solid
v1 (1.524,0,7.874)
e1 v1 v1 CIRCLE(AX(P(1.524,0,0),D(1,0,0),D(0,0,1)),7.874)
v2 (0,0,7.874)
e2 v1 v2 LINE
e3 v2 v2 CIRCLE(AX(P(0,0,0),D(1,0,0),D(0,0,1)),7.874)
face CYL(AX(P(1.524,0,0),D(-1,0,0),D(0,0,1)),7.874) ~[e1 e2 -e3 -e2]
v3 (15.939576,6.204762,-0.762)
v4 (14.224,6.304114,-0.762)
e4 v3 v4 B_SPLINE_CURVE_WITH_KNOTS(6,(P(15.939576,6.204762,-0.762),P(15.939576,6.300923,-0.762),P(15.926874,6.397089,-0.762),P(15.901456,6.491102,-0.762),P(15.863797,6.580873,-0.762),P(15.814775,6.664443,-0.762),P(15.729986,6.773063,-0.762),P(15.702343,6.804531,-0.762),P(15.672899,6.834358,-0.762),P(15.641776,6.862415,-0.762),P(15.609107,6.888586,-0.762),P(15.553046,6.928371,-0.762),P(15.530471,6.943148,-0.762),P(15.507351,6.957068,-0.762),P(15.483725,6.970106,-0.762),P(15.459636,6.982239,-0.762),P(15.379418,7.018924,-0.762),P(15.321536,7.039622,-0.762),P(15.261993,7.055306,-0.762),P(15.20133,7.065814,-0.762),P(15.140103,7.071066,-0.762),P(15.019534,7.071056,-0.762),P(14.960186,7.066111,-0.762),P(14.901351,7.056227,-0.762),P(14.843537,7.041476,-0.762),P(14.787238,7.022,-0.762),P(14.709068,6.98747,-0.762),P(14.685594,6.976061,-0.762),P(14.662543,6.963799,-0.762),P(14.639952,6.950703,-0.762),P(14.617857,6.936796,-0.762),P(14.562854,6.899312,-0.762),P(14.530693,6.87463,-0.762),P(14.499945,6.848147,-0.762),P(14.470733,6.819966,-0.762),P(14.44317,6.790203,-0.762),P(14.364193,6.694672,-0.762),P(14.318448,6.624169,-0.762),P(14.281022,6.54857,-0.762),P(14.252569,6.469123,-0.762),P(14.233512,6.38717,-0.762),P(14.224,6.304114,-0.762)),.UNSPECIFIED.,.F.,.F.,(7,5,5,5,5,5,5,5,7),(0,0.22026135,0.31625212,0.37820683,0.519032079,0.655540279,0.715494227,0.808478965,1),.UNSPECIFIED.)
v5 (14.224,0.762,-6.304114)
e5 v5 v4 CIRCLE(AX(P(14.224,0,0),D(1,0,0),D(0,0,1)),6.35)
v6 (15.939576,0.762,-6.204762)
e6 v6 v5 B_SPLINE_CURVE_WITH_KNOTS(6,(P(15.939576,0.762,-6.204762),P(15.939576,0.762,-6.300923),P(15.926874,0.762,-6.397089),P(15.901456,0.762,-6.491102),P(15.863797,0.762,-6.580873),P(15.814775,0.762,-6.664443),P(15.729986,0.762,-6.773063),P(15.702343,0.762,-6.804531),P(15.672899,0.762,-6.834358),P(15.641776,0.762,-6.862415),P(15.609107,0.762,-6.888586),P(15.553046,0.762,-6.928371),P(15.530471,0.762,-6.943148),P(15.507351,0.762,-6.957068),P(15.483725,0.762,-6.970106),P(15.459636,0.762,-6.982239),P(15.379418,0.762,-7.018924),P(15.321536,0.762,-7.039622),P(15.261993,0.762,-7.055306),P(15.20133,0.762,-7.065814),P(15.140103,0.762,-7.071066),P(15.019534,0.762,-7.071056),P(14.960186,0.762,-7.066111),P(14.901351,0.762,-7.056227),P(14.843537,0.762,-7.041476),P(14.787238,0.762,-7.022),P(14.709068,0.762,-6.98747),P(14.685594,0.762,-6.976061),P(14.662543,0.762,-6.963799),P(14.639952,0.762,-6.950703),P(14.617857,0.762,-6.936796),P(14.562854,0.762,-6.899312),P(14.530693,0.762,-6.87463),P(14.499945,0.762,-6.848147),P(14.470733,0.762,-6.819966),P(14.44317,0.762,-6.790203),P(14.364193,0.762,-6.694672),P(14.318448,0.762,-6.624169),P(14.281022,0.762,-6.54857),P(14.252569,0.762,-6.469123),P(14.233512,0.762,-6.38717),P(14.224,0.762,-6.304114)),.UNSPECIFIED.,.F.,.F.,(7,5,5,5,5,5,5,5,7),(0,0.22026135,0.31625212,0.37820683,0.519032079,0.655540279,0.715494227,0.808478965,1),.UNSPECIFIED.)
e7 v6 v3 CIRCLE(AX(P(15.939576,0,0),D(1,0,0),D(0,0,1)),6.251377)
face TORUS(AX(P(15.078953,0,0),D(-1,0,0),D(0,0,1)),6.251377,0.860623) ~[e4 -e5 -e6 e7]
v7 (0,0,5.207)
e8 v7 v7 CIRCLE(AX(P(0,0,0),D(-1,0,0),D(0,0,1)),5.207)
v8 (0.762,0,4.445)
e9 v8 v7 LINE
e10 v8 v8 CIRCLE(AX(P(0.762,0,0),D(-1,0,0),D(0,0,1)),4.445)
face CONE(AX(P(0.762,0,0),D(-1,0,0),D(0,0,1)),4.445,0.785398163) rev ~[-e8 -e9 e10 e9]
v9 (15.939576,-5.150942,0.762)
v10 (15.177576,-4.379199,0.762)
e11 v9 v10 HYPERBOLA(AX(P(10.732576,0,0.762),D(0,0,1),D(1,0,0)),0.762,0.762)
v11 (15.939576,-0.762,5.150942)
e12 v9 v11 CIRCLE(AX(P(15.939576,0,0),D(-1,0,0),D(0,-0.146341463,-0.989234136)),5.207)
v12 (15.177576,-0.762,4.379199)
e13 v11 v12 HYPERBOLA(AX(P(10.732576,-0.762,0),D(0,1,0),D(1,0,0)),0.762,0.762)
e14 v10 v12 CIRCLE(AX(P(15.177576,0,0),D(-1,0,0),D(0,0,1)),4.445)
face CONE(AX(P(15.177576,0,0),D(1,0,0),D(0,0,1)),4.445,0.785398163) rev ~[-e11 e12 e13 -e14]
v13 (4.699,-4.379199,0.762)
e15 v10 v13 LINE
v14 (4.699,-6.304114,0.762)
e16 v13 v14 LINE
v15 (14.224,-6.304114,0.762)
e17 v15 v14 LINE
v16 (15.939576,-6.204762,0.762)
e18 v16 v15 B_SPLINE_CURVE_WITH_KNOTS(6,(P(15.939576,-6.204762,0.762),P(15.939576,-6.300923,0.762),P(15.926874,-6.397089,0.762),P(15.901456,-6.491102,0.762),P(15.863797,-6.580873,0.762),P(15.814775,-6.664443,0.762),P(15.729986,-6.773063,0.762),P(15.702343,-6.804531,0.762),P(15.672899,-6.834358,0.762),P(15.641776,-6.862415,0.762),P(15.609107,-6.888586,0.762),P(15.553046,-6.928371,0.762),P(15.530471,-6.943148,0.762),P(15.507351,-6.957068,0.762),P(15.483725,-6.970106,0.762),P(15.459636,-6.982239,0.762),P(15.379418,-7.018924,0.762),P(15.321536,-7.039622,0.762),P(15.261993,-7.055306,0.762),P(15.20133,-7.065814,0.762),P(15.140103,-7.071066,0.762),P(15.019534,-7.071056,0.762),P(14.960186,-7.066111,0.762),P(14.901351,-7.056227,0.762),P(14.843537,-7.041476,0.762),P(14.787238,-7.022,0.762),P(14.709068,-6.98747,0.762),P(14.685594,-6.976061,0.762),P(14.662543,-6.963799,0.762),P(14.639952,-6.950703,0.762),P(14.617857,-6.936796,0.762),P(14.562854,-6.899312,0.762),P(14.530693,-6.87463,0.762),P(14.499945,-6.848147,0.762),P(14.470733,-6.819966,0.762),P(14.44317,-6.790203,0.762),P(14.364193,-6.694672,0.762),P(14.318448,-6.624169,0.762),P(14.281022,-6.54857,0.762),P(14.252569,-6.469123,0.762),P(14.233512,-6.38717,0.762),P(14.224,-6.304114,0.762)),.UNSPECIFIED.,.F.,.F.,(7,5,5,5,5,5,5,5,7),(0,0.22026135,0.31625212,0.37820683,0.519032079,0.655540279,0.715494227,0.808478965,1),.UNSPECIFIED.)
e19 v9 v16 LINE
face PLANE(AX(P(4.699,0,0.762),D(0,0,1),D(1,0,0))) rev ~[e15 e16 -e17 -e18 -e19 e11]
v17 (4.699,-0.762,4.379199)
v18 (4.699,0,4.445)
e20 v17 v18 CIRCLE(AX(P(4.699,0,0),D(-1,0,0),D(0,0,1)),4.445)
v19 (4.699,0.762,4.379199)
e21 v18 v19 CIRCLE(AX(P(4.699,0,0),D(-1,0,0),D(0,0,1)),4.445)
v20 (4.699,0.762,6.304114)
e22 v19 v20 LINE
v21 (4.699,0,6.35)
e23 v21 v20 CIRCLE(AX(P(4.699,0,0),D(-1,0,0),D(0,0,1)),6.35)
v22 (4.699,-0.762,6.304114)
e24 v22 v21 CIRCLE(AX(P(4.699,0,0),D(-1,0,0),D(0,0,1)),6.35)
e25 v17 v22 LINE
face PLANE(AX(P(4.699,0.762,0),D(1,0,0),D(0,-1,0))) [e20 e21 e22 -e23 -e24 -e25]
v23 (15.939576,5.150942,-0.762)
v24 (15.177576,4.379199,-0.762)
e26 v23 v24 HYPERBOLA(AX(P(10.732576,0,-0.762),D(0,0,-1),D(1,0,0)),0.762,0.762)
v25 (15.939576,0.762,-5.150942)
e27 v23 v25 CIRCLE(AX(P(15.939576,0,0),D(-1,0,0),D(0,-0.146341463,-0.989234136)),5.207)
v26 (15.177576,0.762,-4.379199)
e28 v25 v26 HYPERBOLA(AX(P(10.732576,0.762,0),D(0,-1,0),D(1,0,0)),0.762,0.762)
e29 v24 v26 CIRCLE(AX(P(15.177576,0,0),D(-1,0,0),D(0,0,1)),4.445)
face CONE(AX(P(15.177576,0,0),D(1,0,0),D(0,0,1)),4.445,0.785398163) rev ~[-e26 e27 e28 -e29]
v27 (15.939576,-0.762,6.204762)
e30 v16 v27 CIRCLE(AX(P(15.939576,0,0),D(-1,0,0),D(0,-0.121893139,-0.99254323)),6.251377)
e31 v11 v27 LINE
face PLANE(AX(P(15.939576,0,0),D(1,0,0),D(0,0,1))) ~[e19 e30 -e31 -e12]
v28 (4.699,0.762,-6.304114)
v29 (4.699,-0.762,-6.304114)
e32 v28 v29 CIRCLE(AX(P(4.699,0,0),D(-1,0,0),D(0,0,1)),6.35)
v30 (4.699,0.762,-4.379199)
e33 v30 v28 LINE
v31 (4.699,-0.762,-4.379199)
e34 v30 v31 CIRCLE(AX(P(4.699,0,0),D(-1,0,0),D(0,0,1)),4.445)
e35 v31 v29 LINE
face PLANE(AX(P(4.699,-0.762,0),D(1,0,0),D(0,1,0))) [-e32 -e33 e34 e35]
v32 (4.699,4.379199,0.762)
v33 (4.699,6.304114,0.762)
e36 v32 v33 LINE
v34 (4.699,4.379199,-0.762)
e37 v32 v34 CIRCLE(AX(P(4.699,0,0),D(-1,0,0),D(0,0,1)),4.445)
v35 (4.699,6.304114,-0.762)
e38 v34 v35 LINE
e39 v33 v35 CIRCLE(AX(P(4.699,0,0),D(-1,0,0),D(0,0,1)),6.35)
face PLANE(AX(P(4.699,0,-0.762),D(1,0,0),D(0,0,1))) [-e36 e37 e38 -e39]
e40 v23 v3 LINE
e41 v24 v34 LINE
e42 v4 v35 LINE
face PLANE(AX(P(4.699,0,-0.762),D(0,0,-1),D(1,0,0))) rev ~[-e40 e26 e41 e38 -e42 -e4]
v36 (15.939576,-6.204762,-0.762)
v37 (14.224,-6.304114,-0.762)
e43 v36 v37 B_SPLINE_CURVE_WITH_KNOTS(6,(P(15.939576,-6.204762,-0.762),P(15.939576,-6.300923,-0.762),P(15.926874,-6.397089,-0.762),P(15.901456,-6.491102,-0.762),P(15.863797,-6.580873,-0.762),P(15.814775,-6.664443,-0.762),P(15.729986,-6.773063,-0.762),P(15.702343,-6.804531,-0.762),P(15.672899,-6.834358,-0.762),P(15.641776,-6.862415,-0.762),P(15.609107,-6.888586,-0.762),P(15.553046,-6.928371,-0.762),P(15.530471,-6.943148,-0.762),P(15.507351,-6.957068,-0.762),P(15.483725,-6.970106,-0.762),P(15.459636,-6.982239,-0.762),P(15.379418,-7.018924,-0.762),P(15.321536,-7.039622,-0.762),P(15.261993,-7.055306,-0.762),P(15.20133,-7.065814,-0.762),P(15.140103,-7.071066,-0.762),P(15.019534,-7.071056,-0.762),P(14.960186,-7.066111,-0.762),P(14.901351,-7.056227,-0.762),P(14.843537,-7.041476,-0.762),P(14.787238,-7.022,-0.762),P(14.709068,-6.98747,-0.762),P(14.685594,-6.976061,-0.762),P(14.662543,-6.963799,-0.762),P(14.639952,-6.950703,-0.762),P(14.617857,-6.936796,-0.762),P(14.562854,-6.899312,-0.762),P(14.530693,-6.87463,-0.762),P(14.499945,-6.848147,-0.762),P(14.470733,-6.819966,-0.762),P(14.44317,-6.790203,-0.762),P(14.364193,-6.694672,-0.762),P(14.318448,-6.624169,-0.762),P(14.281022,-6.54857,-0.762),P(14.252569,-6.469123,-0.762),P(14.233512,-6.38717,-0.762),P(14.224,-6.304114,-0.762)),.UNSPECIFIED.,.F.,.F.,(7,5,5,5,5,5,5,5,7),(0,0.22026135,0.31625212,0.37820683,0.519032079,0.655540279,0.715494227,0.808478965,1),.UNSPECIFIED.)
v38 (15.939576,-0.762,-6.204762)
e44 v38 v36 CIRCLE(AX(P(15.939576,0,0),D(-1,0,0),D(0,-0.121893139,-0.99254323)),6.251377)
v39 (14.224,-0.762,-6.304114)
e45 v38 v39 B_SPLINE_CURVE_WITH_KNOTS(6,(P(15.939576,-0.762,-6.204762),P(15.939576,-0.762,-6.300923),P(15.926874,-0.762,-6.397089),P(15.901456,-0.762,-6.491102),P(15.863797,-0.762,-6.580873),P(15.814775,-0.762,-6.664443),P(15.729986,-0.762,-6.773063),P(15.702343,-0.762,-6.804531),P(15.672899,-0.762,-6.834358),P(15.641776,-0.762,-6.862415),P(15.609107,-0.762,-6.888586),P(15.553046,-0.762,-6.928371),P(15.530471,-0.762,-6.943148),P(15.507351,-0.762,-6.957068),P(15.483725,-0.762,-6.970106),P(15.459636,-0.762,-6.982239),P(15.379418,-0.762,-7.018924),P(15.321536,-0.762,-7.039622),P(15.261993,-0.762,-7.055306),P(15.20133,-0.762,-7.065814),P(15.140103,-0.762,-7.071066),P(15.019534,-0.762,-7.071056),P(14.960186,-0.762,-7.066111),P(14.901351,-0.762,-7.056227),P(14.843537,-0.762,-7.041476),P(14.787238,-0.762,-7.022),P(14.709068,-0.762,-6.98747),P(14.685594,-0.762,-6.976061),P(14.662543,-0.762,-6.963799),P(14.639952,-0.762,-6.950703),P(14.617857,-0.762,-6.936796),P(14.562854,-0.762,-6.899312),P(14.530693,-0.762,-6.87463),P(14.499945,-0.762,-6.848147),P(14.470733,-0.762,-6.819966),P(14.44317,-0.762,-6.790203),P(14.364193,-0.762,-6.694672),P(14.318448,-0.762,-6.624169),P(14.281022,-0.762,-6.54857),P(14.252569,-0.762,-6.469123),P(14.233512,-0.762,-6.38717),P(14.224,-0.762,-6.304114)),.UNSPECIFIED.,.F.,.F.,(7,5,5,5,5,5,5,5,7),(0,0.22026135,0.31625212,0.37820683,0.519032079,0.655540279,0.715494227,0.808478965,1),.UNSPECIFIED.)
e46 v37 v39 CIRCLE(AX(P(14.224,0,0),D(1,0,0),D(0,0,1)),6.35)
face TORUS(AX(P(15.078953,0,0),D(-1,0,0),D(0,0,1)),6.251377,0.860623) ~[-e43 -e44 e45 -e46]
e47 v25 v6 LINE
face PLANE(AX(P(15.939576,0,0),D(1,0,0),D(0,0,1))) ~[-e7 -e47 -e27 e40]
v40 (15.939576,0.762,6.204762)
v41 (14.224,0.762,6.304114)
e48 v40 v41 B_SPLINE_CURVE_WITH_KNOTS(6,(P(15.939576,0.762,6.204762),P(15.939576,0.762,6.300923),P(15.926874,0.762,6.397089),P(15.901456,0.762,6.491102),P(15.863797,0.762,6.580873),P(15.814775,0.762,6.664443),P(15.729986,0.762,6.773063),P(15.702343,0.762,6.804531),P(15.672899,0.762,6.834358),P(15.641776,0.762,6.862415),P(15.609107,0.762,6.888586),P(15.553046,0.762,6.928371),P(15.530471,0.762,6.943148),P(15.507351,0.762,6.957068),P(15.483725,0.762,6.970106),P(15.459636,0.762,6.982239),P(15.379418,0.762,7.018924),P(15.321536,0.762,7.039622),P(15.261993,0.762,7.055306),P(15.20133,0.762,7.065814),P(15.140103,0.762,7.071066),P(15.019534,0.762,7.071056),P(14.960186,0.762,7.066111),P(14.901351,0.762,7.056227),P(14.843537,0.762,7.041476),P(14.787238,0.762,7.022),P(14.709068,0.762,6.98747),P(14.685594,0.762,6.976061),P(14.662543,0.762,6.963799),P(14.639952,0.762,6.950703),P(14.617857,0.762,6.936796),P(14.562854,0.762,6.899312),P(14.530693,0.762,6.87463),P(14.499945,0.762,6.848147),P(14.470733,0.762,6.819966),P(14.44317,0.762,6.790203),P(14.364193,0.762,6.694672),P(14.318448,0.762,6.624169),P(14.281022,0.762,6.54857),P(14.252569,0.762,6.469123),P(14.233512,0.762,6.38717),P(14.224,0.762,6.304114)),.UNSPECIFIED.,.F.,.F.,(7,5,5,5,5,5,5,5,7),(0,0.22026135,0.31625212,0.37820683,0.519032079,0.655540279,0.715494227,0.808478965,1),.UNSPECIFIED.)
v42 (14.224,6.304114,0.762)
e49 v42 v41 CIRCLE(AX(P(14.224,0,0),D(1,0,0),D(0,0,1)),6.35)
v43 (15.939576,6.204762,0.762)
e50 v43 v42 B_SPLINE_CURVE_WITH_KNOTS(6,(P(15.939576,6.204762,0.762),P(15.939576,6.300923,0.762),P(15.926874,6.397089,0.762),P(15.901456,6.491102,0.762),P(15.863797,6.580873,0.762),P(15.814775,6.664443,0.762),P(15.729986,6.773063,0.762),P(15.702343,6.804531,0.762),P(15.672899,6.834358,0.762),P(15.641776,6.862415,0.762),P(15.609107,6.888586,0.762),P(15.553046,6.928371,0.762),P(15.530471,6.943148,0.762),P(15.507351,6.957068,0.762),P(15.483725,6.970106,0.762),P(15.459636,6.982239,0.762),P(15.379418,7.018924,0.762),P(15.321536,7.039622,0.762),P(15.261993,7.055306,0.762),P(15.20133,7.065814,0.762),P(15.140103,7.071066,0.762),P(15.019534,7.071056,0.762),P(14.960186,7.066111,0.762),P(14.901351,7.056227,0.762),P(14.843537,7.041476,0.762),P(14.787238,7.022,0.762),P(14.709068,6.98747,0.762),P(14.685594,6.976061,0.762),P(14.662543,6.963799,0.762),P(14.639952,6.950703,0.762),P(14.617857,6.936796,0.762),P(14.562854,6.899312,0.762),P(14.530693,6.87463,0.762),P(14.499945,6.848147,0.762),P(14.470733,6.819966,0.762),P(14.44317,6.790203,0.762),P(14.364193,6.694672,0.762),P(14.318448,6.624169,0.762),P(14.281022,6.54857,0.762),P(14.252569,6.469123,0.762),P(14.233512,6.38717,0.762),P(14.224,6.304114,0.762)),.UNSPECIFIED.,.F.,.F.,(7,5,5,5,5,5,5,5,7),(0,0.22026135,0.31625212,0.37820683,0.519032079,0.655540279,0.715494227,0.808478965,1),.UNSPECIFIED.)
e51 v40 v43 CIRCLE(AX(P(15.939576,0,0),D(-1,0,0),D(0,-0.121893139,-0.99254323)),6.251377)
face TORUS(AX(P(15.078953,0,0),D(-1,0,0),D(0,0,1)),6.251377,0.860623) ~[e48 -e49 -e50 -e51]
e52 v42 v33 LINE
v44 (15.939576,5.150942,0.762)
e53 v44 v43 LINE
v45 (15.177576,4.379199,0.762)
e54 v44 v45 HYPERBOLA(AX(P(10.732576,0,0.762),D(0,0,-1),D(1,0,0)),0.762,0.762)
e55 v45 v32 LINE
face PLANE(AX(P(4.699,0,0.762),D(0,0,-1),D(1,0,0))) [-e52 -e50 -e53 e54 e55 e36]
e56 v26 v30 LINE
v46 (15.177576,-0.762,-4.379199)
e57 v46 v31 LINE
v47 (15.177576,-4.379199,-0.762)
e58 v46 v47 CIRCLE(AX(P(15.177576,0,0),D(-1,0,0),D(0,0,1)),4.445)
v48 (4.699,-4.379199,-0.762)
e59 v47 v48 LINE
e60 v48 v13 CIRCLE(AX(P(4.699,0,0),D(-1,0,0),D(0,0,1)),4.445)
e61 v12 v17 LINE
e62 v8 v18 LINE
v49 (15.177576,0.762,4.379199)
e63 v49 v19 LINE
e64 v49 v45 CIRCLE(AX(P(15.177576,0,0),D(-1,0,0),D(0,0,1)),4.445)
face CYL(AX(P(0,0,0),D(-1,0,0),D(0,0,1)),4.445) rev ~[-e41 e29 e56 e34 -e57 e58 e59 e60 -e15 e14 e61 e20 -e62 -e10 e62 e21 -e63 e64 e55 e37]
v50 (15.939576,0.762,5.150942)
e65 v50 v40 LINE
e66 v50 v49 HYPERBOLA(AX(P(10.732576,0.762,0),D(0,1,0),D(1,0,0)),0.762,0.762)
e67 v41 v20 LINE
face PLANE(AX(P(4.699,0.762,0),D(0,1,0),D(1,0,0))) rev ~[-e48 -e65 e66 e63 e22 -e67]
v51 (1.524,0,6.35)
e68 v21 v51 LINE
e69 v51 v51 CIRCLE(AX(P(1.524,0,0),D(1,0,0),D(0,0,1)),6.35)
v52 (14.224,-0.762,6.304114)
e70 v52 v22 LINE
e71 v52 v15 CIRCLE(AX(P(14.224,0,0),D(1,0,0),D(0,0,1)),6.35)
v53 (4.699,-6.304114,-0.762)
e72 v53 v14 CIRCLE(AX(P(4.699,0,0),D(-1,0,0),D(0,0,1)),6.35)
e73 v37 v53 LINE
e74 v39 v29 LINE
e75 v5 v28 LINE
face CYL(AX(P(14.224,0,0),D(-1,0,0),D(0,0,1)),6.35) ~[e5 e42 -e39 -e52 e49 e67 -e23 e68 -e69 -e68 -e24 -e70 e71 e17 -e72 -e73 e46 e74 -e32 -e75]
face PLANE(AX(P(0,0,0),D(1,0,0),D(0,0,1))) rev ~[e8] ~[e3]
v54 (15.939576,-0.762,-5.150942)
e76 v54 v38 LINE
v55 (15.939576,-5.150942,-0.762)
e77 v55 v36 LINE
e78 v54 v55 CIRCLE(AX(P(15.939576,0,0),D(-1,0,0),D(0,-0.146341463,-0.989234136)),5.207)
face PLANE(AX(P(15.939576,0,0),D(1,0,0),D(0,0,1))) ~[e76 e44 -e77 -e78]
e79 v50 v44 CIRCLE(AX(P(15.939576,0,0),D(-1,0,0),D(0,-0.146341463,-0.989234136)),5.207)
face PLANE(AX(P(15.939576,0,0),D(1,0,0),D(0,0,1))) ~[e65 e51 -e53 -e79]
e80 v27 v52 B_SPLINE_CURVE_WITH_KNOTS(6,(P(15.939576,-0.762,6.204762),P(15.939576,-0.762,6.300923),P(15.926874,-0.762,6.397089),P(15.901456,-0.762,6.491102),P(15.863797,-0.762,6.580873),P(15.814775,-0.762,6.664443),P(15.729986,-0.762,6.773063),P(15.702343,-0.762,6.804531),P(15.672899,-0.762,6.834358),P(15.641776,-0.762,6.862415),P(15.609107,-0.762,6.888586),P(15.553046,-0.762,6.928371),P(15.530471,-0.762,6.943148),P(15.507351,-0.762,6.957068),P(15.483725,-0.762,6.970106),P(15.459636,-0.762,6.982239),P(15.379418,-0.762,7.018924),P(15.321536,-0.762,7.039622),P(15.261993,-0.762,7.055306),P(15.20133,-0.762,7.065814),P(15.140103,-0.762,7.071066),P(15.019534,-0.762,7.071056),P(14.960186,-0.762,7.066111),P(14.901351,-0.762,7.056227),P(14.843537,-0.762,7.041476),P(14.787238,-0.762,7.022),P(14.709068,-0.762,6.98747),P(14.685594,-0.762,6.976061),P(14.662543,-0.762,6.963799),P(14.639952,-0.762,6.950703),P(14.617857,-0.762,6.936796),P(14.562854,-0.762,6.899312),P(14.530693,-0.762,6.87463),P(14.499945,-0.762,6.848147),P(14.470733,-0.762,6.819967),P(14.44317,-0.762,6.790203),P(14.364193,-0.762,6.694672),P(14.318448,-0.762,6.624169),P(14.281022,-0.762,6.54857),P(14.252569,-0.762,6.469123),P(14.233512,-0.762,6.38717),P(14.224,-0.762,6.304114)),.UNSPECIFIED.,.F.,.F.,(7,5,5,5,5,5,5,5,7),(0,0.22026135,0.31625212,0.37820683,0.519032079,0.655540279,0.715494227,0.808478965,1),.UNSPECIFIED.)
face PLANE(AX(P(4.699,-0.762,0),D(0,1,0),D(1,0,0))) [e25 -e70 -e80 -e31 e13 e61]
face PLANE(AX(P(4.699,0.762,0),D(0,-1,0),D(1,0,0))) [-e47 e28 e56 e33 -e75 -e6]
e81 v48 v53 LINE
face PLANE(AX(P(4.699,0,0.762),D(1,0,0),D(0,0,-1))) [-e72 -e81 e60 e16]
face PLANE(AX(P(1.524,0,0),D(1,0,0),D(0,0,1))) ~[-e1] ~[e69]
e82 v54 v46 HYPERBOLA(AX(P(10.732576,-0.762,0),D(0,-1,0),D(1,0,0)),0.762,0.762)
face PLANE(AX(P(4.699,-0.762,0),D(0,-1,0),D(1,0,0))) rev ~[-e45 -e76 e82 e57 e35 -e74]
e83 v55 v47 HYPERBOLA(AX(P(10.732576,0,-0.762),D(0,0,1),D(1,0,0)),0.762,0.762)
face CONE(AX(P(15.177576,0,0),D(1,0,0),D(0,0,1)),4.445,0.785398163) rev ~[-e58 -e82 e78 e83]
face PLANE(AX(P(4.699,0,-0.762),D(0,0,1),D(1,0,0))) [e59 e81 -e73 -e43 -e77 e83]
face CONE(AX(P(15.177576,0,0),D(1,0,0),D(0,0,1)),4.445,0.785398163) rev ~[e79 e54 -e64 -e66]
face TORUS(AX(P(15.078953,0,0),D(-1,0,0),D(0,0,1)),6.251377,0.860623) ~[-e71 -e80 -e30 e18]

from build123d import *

# Parameters (mm, degrees)
SKETCH2_R          = 4.445
CUT_EXTRUDE1_DEPTH = 18.034
CHAMFER1_SIZE      = 0.762
SKETCH5_W          = 11.240575932
SKETCH5_H          = 1.524
CUT_EXTRUDE2_DEPTH = 20.444017921
CIRPATTERN1_COUNT  = 4


with BuildPart() as part:
    # Sketch1 → Revolve1 (revolve)
    with BuildSketch(Plane.XY, mode=Mode.PRIVATE) as revolve1_sk:
        with BuildLine():
            Line((0, 0), (15.939575932, 0))
            Line((15.939575932, 0), (15.939575932, 6.251377289))
            ThreePointArc((15.939575932, 6.251377289), (15.12834599, 7.110581459), (14.224, 6.35))
            Line((14.224, 6.35), (1.524, 6.35))
            Line((1.524, 6.35), (1.524, 7.874))
            Line((1.524, 7.874), (0, 7.874))
            Line((0, 7.874), (0, 0))
        make_face()
    revolve(revolve1_sk.sketch.rotate(Axis((0, 0, 0), (1, 0, 0)), 90), axis=Axis((0, 0, 0), (1, 0, 0)))

    # Sketch2 → Cut-Extrude1 (cut)
    with BuildSketch(Plane.ZY):
        Circle(SKETCH2_R)
    extrude(amount=-CUT_EXTRUDE1_DEPTH, mode=Mode.SUBTRACT)

    # Chamfer1
    chamfer1_edges = [part.edges().sort_by_distance(p)[0] for p in [
        (15.939575932, 0, -4.445),
        (0, 0, -4.445),
    ]]
    chamfer(chamfer1_edges, length=CHAMFER1_SIZE)

    # Sketch5 → Cut-Extrude2 (cut, through all)
    with BuildSketch(Plane.XY):
        with Locations((10.319287966, 0)):
            Rectangle(SKETCH5_W, SKETCH5_H)
    cut_extrude2 = extrude(amount=-CUT_EXTRUDE2_DEPTH, mode=Mode.SUBTRACT)

    # CirPattern1: Cut-Extrude2 ×4 about axis
    cirpattern1_axis = Axis((0, 0, 0), (1, 0, 0))
    for i in range(1, CIRPATTERN1_COUNT):
        add(cut_extrude2.rotate(cirpattern1_axis, i * 360 / CIRPATTERN1_COUNT), mode=Mode.SUBTRACT)


solid = part.part
